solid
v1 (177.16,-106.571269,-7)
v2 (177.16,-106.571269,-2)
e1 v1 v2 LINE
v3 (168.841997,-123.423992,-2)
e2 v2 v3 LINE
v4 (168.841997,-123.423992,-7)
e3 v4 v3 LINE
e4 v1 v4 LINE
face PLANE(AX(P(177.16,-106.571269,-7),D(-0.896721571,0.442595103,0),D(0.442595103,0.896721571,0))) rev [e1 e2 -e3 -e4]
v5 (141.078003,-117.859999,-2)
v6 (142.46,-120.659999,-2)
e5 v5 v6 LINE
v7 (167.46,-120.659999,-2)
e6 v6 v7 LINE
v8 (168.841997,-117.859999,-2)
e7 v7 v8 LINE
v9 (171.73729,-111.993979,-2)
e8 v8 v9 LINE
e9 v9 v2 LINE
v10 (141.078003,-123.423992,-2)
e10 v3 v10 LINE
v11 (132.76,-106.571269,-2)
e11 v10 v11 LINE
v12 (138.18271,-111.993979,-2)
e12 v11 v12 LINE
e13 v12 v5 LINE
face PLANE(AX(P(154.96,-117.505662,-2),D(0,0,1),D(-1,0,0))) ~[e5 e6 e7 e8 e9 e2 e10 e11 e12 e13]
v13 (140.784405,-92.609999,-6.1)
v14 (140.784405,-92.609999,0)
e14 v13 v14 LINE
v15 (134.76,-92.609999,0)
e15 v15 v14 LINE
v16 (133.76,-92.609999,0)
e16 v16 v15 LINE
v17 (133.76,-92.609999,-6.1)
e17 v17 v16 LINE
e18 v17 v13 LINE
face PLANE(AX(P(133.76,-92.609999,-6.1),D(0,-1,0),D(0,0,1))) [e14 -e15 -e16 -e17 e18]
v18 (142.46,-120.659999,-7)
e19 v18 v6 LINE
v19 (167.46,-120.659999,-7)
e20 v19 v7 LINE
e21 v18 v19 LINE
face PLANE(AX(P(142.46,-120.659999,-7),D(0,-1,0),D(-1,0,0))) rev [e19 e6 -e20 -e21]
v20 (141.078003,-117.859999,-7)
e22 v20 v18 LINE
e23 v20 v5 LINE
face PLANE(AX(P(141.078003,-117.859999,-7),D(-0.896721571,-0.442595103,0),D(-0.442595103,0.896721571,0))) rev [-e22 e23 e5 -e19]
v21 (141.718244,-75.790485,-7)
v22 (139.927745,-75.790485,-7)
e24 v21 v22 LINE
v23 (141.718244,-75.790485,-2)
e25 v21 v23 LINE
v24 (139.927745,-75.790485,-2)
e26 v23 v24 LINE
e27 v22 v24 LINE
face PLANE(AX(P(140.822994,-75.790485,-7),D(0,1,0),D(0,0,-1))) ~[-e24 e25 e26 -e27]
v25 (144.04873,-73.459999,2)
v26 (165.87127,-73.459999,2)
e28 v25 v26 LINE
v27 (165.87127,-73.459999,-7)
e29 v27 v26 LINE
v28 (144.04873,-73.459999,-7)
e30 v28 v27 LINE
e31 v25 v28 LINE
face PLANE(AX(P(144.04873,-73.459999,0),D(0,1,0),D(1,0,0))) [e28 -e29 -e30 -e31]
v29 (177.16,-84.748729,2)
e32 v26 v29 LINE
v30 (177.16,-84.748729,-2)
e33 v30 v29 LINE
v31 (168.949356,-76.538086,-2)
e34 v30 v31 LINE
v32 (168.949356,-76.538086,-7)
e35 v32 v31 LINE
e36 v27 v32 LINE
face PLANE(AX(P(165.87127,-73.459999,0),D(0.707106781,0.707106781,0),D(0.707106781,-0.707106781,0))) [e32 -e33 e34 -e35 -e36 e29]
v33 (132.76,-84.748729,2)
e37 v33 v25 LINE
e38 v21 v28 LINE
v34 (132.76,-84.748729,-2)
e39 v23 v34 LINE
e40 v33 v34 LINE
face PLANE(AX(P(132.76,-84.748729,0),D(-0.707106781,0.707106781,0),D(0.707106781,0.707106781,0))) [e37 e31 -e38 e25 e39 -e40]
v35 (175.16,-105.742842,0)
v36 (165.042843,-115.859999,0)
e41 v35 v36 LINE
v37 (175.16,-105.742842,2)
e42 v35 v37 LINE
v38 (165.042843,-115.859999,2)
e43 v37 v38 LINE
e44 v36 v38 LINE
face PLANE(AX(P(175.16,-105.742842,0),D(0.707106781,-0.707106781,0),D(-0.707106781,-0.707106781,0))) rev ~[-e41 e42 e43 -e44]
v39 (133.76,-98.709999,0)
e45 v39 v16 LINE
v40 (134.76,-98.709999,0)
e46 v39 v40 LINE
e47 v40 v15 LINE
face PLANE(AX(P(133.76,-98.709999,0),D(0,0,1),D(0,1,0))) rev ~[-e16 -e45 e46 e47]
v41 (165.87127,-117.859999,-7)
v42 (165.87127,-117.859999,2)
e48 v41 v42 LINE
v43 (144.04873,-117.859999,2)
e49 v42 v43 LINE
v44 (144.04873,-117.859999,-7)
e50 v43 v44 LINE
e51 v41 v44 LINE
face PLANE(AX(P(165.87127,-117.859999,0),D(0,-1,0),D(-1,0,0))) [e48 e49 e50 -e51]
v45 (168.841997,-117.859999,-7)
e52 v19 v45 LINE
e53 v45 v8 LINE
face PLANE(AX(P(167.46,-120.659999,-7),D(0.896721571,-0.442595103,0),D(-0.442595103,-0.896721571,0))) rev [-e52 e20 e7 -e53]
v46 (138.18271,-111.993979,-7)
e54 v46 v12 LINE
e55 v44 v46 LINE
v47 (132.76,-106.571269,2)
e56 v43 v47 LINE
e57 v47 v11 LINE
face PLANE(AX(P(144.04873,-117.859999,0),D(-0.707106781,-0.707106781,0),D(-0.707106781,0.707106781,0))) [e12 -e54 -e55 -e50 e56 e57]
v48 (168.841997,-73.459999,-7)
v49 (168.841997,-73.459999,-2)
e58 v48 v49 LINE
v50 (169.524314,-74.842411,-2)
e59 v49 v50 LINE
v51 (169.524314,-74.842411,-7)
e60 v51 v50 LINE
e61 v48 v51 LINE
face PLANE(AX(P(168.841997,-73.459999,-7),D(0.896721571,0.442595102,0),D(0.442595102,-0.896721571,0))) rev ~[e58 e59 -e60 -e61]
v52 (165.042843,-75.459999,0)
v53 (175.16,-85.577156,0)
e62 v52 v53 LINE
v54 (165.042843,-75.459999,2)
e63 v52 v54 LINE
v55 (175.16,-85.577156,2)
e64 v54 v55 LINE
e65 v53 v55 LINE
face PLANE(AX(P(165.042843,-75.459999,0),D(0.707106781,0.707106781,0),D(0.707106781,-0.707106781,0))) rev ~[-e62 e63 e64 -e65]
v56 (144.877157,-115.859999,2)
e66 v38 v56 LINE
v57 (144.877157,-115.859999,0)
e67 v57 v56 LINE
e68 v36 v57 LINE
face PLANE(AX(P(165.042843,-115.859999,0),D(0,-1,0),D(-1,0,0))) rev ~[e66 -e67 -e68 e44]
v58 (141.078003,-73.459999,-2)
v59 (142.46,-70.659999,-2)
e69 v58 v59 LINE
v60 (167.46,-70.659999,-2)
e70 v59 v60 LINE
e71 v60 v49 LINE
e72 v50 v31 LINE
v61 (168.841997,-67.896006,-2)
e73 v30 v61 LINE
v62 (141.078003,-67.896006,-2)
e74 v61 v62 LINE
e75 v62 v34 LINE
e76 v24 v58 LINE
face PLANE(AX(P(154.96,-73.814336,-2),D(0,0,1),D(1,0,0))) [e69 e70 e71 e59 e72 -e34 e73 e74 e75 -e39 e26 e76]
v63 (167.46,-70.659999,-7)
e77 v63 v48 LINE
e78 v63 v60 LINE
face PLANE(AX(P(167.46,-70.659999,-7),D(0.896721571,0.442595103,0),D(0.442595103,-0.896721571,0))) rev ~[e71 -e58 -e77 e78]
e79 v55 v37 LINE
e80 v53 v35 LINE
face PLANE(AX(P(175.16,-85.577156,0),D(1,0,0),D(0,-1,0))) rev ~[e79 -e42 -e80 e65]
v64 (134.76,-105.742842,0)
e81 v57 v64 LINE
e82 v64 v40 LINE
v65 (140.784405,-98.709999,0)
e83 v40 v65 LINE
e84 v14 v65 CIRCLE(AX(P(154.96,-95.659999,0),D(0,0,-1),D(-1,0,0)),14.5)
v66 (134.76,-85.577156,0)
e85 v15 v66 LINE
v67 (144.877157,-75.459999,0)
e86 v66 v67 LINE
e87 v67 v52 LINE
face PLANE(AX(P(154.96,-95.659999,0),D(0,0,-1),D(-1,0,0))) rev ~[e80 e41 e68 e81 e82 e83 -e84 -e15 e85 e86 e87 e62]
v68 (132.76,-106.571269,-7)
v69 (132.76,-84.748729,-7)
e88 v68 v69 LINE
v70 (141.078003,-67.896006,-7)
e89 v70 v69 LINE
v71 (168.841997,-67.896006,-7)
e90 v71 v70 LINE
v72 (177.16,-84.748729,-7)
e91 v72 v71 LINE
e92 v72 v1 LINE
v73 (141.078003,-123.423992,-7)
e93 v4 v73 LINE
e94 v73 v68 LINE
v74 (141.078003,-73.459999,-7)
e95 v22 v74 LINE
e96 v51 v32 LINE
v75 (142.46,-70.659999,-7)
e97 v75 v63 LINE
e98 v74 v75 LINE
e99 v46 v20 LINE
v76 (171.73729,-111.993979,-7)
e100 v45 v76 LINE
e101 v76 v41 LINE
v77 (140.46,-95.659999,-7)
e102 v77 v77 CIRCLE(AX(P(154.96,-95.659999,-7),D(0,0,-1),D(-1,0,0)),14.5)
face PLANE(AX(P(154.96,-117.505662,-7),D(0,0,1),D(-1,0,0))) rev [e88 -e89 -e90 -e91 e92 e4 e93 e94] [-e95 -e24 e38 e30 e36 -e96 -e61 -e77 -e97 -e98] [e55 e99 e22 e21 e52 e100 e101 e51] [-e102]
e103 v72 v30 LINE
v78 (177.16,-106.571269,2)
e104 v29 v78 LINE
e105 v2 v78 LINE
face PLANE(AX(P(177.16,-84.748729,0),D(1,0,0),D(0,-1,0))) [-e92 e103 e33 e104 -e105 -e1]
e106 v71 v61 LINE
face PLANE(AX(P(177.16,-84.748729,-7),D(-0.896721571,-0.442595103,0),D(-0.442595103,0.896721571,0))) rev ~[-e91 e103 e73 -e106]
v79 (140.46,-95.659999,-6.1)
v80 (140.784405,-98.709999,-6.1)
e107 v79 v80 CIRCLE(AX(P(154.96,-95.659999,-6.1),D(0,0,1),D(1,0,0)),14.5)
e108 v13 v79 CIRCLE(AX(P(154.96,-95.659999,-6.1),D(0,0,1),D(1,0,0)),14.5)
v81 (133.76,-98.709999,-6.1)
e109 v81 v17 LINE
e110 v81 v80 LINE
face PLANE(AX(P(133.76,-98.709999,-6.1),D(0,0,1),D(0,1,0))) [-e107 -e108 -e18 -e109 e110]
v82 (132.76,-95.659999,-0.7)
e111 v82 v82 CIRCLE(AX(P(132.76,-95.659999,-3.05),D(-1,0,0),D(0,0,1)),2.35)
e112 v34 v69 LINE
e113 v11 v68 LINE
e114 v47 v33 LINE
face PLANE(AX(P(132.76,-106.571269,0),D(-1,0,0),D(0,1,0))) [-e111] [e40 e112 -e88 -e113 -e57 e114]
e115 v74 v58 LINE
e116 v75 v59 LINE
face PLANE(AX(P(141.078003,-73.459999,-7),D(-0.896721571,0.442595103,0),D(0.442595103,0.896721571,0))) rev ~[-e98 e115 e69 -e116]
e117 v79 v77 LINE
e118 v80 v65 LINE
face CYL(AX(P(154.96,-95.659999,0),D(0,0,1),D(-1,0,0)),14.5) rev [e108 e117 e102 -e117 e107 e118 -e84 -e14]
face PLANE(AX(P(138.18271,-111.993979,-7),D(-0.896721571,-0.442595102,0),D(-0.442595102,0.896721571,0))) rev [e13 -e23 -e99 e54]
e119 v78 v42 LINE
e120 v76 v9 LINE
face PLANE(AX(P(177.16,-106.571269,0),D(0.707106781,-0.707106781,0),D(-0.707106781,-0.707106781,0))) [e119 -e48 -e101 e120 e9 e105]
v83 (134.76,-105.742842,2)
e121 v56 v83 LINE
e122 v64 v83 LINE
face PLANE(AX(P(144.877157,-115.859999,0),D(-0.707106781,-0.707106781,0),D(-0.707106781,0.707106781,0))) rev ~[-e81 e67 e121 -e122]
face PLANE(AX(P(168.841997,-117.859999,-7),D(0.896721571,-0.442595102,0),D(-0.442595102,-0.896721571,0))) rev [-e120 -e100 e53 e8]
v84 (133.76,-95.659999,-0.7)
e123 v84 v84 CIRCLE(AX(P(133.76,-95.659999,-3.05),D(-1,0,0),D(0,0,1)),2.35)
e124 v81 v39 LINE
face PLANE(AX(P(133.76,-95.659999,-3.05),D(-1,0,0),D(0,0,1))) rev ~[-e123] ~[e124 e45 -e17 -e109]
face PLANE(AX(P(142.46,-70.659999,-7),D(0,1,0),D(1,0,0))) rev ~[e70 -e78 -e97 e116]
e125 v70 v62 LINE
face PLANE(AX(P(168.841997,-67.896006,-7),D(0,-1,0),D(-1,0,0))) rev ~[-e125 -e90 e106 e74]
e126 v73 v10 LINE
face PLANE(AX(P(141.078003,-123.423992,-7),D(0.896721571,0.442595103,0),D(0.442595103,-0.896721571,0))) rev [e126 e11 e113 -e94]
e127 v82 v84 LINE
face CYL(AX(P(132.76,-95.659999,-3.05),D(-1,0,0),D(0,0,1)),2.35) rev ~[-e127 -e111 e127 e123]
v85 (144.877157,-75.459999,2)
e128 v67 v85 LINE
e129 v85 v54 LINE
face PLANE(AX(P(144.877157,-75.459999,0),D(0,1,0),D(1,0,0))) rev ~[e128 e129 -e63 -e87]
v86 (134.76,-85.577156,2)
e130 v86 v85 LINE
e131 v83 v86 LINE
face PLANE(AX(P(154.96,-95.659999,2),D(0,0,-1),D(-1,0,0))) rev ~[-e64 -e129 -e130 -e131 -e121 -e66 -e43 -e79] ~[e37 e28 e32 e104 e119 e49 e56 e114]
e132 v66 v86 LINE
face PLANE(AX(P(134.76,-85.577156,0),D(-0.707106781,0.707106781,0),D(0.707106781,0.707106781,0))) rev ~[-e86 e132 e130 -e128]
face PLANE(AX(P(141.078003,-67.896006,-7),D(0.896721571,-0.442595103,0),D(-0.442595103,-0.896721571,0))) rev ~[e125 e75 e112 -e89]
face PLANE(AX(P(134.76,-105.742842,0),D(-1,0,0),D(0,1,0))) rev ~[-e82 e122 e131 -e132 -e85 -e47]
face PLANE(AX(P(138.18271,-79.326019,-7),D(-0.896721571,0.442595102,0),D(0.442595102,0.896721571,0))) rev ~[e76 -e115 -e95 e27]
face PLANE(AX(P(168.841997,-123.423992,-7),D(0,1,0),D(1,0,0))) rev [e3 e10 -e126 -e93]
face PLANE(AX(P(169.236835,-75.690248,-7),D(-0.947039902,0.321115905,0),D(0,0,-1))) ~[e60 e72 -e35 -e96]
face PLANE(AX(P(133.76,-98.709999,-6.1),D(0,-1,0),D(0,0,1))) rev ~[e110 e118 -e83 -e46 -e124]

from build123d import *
from OCP.BRepFilletAPI import BRepFilletAPI_MakeChamfer

# Parameters (mm, degrees)
SKETCH1_R               = 14.5
BOSS_EXTRUDE1_DEPTH     = 7
BOSS_EXTRUDE2_DEPTH     = 2
BOSS_EXTRUDE3_DEPTH     = 5
CHAMFER1_SIZE           = 5
CHAMFER1_SIZE2          = 3.942733198
CUT_EXTRUDE1_REACH      = 134.354
CUT_EXTRUDE1_END_RADIUS = 14.5
CUT_EXTRUDE1_START      = -1
SKETCH3_W               = 6.1
SKETCH3_H               = 6.1
SKETCH3_R               = 2.35
SKETCH3_3_R             = 2.35
CUT_EXTRUDE2_DEPTH      = 5


with BuildPart() as part:
    # Sketch1 → Boss-Extrude1 (new body)
    with BuildSketch(Plane(origin=(0, 0, 0), x_dir=(-1, 0, 0), z_dir=(0, 0, -1))):
        Polygon((-132.76, -106.571268837), (-132.76, -84.748729163), (-144.048730163, -73.459999), (-165.871269837, -73.459999), (-177.16, -84.748729163), (-177.16, -106.571268837), (-165.871269837, -117.859999), (-144.048730163, -117.859999), align=None)
        with Locations((-154.96, -95.659999)):
            Circle(SKETCH1_R, mode=Mode.SUBTRACT)
    extrude(amount=BOSS_EXTRUDE1_DEPTH)

    # Sketch1<3> → Boss-Extrude2 (add)
    with BuildSketch(Plane(origin=(0, 0, 0), x_dir=(-1, 0, 0), z_dir=(0, 0, -1))):
        Polygon((-165.871269837, -117.859999), (-144.048730163, -117.859999), (-132.76, -106.571268837), (-132.76, -84.748729163), (-144.048730163, -73.459999), (-165.871269837, -73.459999), (-177.16, -84.748729163), (-177.16, -106.571268837), align=None)
        Polygon((-134.76, -85.577156288), (-144.877157288, -75.459999), (-165.042842712, -75.459999), (-175.16, -85.577156288), (-175.16, -105.742841712), (-165.042842712, -115.859999), (-144.877157288, -115.859999), (-134.76, -105.742841712), align=None, mode=Mode.SUBTRACT)
    extrude(amount=-BOSS_EXTRUDE2_DEPTH)

    # Sketch2 → Boss-Extrude3 (add)
    with BuildSketch(Plane.XY.offset(-7)):
        Polygon((142.46, -70.659999), (167.46, -70.659999), (168.84199674, -73.459999), (171.737289726, -79.326018889), (177.16, -84.748729163), (168.84199674, -67.896005521), (141.07800326, -67.896005521), (132.76, -84.748729163), (138.182710274, -79.326018889), (141.07800326, -73.459999), align=None)
    boss_extrude3 = extrude(amount=BOSS_EXTRUDE3_DEPTH)

    # Chamfer1: one chamfer whose edges measure the first distance from different faces: ONE call of the kernel's chamfer builder (chamfer() names one face for all edges)
    chamfer1_edges_1 = [part.edges().sort_by_distance(p)[0] for p in [
        (171.737289726, -79.326018889, -4.5),
    ]]
    chamfer1_side_1 = [part.faces().sort_by_distance(p)[0] for p in [
        (169.598644863, -74.993008944, -4.5),
    ]]
    chamfer1_edges_2 = [part.edges().sort_by_distance(p)[0] for p in [
        (138.182710274, -79.326018889, -4.5),
    ]]
    chamfer1_side_2 = [part.faces().sort_by_distance(p)[0] for p in [
        (139.472020238, -78.036708925, -1.77197304),
    ]]
    chamfer1 = BRepFilletAPI_MakeChamfer(part.part.solid().wrapped)
    for e in chamfer1_edges_1:
        chamfer1.Add(CHAMFER1_SIZE, CHAMFER1_SIZE2, e.wrapped, chamfer1_side_1[0].wrapped)  # the first distance lies on this face
    for e in chamfer1_edges_2:
        chamfer1.Add(CHAMFER1_SIZE, CHAMFER1_SIZE2, e.wrapped, chamfer1_side_2[0].wrapped)  # the first distance lies on this face
    add(Compound.cast(chamfer1.Shape()), mode=Mode.REPLACE)

    # Mirror1: Boss-Extrude3 across plane
    add(boss_extrude3.mirror(Plane(origin=(0, -95.659999, 0), x_dir=(0, 0, 1), z_dir=(0, -1, 0))))

    # Cut-Extrude1: up to this cylinder (the profile starts outside it)
    cut_extrude1_end = Plane(origin=(154.96, -95.659999, -1.5681335), z_dir=(0, 0, 1)) * Cylinder(CUT_EXTRUDE1_END_RADIUS, 301.671733, mode=Mode.PRIVATE)
    # Sketch3 → Cut-Extrude1 (cut, up to the surface)
    with BuildSketch(Plane.ZY.offset(-132.76).offset(CUT_EXTRUDE1_START), mode=Mode.PRIVATE) as cut_extrude1_sk1:
        with Locations((-3.05, -95.659999)):
            Rectangle(SKETCH3_W, SKETCH3_H)
        with Locations((-3.05, -95.659999)):
            Circle(SKETCH3_R, mode=Mode.SUBTRACT)
    cut_extrude1_tool1 = extrude(cut_extrude1_sk1.sketch, amount=-CUT_EXTRUDE1_REACH, mode=Mode.PRIVATE) - cut_extrude1_end
    add(cut_extrude1_tool1.solids().sort_by_distance((133.76, -95.659999, -0.086267))[0], mode=Mode.SUBTRACT)
    # Sketch3 → Cut-Extrude1 (cut, up to the surface)
    with BuildSketch(Plane.ZY.offset(-132.76).offset(CUT_EXTRUDE1_START), mode=Mode.PRIVATE) as cut_extrude1_sk2:
        with Locations((-3.05, -95.659999)):
            Circle(SKETCH3_R)
    cut_extrude1_tool2 = extrude(cut_extrude1_sk2.sketch, amount=-CUT_EXTRUDE1_REACH, mode=Mode.PRIVATE) - cut_extrude1_end
    add(cut_extrude1_tool2.solids().sort_by_distance((133.76, -95.659999, -3.05))[0], mode=Mode.SUBTRACT)

    # Sketch3<3> → Cut-Extrude2 (cut)
    with BuildSketch(Plane.ZY.offset(-132.76)):
        with Locations((-3.05, -95.659999)):
            Circle(SKETCH3_3_R)
    extrude(amount=-CUT_EXTRUDE2_DEPTH, mode=Mode.SUBTRACT)


solid = part.part
